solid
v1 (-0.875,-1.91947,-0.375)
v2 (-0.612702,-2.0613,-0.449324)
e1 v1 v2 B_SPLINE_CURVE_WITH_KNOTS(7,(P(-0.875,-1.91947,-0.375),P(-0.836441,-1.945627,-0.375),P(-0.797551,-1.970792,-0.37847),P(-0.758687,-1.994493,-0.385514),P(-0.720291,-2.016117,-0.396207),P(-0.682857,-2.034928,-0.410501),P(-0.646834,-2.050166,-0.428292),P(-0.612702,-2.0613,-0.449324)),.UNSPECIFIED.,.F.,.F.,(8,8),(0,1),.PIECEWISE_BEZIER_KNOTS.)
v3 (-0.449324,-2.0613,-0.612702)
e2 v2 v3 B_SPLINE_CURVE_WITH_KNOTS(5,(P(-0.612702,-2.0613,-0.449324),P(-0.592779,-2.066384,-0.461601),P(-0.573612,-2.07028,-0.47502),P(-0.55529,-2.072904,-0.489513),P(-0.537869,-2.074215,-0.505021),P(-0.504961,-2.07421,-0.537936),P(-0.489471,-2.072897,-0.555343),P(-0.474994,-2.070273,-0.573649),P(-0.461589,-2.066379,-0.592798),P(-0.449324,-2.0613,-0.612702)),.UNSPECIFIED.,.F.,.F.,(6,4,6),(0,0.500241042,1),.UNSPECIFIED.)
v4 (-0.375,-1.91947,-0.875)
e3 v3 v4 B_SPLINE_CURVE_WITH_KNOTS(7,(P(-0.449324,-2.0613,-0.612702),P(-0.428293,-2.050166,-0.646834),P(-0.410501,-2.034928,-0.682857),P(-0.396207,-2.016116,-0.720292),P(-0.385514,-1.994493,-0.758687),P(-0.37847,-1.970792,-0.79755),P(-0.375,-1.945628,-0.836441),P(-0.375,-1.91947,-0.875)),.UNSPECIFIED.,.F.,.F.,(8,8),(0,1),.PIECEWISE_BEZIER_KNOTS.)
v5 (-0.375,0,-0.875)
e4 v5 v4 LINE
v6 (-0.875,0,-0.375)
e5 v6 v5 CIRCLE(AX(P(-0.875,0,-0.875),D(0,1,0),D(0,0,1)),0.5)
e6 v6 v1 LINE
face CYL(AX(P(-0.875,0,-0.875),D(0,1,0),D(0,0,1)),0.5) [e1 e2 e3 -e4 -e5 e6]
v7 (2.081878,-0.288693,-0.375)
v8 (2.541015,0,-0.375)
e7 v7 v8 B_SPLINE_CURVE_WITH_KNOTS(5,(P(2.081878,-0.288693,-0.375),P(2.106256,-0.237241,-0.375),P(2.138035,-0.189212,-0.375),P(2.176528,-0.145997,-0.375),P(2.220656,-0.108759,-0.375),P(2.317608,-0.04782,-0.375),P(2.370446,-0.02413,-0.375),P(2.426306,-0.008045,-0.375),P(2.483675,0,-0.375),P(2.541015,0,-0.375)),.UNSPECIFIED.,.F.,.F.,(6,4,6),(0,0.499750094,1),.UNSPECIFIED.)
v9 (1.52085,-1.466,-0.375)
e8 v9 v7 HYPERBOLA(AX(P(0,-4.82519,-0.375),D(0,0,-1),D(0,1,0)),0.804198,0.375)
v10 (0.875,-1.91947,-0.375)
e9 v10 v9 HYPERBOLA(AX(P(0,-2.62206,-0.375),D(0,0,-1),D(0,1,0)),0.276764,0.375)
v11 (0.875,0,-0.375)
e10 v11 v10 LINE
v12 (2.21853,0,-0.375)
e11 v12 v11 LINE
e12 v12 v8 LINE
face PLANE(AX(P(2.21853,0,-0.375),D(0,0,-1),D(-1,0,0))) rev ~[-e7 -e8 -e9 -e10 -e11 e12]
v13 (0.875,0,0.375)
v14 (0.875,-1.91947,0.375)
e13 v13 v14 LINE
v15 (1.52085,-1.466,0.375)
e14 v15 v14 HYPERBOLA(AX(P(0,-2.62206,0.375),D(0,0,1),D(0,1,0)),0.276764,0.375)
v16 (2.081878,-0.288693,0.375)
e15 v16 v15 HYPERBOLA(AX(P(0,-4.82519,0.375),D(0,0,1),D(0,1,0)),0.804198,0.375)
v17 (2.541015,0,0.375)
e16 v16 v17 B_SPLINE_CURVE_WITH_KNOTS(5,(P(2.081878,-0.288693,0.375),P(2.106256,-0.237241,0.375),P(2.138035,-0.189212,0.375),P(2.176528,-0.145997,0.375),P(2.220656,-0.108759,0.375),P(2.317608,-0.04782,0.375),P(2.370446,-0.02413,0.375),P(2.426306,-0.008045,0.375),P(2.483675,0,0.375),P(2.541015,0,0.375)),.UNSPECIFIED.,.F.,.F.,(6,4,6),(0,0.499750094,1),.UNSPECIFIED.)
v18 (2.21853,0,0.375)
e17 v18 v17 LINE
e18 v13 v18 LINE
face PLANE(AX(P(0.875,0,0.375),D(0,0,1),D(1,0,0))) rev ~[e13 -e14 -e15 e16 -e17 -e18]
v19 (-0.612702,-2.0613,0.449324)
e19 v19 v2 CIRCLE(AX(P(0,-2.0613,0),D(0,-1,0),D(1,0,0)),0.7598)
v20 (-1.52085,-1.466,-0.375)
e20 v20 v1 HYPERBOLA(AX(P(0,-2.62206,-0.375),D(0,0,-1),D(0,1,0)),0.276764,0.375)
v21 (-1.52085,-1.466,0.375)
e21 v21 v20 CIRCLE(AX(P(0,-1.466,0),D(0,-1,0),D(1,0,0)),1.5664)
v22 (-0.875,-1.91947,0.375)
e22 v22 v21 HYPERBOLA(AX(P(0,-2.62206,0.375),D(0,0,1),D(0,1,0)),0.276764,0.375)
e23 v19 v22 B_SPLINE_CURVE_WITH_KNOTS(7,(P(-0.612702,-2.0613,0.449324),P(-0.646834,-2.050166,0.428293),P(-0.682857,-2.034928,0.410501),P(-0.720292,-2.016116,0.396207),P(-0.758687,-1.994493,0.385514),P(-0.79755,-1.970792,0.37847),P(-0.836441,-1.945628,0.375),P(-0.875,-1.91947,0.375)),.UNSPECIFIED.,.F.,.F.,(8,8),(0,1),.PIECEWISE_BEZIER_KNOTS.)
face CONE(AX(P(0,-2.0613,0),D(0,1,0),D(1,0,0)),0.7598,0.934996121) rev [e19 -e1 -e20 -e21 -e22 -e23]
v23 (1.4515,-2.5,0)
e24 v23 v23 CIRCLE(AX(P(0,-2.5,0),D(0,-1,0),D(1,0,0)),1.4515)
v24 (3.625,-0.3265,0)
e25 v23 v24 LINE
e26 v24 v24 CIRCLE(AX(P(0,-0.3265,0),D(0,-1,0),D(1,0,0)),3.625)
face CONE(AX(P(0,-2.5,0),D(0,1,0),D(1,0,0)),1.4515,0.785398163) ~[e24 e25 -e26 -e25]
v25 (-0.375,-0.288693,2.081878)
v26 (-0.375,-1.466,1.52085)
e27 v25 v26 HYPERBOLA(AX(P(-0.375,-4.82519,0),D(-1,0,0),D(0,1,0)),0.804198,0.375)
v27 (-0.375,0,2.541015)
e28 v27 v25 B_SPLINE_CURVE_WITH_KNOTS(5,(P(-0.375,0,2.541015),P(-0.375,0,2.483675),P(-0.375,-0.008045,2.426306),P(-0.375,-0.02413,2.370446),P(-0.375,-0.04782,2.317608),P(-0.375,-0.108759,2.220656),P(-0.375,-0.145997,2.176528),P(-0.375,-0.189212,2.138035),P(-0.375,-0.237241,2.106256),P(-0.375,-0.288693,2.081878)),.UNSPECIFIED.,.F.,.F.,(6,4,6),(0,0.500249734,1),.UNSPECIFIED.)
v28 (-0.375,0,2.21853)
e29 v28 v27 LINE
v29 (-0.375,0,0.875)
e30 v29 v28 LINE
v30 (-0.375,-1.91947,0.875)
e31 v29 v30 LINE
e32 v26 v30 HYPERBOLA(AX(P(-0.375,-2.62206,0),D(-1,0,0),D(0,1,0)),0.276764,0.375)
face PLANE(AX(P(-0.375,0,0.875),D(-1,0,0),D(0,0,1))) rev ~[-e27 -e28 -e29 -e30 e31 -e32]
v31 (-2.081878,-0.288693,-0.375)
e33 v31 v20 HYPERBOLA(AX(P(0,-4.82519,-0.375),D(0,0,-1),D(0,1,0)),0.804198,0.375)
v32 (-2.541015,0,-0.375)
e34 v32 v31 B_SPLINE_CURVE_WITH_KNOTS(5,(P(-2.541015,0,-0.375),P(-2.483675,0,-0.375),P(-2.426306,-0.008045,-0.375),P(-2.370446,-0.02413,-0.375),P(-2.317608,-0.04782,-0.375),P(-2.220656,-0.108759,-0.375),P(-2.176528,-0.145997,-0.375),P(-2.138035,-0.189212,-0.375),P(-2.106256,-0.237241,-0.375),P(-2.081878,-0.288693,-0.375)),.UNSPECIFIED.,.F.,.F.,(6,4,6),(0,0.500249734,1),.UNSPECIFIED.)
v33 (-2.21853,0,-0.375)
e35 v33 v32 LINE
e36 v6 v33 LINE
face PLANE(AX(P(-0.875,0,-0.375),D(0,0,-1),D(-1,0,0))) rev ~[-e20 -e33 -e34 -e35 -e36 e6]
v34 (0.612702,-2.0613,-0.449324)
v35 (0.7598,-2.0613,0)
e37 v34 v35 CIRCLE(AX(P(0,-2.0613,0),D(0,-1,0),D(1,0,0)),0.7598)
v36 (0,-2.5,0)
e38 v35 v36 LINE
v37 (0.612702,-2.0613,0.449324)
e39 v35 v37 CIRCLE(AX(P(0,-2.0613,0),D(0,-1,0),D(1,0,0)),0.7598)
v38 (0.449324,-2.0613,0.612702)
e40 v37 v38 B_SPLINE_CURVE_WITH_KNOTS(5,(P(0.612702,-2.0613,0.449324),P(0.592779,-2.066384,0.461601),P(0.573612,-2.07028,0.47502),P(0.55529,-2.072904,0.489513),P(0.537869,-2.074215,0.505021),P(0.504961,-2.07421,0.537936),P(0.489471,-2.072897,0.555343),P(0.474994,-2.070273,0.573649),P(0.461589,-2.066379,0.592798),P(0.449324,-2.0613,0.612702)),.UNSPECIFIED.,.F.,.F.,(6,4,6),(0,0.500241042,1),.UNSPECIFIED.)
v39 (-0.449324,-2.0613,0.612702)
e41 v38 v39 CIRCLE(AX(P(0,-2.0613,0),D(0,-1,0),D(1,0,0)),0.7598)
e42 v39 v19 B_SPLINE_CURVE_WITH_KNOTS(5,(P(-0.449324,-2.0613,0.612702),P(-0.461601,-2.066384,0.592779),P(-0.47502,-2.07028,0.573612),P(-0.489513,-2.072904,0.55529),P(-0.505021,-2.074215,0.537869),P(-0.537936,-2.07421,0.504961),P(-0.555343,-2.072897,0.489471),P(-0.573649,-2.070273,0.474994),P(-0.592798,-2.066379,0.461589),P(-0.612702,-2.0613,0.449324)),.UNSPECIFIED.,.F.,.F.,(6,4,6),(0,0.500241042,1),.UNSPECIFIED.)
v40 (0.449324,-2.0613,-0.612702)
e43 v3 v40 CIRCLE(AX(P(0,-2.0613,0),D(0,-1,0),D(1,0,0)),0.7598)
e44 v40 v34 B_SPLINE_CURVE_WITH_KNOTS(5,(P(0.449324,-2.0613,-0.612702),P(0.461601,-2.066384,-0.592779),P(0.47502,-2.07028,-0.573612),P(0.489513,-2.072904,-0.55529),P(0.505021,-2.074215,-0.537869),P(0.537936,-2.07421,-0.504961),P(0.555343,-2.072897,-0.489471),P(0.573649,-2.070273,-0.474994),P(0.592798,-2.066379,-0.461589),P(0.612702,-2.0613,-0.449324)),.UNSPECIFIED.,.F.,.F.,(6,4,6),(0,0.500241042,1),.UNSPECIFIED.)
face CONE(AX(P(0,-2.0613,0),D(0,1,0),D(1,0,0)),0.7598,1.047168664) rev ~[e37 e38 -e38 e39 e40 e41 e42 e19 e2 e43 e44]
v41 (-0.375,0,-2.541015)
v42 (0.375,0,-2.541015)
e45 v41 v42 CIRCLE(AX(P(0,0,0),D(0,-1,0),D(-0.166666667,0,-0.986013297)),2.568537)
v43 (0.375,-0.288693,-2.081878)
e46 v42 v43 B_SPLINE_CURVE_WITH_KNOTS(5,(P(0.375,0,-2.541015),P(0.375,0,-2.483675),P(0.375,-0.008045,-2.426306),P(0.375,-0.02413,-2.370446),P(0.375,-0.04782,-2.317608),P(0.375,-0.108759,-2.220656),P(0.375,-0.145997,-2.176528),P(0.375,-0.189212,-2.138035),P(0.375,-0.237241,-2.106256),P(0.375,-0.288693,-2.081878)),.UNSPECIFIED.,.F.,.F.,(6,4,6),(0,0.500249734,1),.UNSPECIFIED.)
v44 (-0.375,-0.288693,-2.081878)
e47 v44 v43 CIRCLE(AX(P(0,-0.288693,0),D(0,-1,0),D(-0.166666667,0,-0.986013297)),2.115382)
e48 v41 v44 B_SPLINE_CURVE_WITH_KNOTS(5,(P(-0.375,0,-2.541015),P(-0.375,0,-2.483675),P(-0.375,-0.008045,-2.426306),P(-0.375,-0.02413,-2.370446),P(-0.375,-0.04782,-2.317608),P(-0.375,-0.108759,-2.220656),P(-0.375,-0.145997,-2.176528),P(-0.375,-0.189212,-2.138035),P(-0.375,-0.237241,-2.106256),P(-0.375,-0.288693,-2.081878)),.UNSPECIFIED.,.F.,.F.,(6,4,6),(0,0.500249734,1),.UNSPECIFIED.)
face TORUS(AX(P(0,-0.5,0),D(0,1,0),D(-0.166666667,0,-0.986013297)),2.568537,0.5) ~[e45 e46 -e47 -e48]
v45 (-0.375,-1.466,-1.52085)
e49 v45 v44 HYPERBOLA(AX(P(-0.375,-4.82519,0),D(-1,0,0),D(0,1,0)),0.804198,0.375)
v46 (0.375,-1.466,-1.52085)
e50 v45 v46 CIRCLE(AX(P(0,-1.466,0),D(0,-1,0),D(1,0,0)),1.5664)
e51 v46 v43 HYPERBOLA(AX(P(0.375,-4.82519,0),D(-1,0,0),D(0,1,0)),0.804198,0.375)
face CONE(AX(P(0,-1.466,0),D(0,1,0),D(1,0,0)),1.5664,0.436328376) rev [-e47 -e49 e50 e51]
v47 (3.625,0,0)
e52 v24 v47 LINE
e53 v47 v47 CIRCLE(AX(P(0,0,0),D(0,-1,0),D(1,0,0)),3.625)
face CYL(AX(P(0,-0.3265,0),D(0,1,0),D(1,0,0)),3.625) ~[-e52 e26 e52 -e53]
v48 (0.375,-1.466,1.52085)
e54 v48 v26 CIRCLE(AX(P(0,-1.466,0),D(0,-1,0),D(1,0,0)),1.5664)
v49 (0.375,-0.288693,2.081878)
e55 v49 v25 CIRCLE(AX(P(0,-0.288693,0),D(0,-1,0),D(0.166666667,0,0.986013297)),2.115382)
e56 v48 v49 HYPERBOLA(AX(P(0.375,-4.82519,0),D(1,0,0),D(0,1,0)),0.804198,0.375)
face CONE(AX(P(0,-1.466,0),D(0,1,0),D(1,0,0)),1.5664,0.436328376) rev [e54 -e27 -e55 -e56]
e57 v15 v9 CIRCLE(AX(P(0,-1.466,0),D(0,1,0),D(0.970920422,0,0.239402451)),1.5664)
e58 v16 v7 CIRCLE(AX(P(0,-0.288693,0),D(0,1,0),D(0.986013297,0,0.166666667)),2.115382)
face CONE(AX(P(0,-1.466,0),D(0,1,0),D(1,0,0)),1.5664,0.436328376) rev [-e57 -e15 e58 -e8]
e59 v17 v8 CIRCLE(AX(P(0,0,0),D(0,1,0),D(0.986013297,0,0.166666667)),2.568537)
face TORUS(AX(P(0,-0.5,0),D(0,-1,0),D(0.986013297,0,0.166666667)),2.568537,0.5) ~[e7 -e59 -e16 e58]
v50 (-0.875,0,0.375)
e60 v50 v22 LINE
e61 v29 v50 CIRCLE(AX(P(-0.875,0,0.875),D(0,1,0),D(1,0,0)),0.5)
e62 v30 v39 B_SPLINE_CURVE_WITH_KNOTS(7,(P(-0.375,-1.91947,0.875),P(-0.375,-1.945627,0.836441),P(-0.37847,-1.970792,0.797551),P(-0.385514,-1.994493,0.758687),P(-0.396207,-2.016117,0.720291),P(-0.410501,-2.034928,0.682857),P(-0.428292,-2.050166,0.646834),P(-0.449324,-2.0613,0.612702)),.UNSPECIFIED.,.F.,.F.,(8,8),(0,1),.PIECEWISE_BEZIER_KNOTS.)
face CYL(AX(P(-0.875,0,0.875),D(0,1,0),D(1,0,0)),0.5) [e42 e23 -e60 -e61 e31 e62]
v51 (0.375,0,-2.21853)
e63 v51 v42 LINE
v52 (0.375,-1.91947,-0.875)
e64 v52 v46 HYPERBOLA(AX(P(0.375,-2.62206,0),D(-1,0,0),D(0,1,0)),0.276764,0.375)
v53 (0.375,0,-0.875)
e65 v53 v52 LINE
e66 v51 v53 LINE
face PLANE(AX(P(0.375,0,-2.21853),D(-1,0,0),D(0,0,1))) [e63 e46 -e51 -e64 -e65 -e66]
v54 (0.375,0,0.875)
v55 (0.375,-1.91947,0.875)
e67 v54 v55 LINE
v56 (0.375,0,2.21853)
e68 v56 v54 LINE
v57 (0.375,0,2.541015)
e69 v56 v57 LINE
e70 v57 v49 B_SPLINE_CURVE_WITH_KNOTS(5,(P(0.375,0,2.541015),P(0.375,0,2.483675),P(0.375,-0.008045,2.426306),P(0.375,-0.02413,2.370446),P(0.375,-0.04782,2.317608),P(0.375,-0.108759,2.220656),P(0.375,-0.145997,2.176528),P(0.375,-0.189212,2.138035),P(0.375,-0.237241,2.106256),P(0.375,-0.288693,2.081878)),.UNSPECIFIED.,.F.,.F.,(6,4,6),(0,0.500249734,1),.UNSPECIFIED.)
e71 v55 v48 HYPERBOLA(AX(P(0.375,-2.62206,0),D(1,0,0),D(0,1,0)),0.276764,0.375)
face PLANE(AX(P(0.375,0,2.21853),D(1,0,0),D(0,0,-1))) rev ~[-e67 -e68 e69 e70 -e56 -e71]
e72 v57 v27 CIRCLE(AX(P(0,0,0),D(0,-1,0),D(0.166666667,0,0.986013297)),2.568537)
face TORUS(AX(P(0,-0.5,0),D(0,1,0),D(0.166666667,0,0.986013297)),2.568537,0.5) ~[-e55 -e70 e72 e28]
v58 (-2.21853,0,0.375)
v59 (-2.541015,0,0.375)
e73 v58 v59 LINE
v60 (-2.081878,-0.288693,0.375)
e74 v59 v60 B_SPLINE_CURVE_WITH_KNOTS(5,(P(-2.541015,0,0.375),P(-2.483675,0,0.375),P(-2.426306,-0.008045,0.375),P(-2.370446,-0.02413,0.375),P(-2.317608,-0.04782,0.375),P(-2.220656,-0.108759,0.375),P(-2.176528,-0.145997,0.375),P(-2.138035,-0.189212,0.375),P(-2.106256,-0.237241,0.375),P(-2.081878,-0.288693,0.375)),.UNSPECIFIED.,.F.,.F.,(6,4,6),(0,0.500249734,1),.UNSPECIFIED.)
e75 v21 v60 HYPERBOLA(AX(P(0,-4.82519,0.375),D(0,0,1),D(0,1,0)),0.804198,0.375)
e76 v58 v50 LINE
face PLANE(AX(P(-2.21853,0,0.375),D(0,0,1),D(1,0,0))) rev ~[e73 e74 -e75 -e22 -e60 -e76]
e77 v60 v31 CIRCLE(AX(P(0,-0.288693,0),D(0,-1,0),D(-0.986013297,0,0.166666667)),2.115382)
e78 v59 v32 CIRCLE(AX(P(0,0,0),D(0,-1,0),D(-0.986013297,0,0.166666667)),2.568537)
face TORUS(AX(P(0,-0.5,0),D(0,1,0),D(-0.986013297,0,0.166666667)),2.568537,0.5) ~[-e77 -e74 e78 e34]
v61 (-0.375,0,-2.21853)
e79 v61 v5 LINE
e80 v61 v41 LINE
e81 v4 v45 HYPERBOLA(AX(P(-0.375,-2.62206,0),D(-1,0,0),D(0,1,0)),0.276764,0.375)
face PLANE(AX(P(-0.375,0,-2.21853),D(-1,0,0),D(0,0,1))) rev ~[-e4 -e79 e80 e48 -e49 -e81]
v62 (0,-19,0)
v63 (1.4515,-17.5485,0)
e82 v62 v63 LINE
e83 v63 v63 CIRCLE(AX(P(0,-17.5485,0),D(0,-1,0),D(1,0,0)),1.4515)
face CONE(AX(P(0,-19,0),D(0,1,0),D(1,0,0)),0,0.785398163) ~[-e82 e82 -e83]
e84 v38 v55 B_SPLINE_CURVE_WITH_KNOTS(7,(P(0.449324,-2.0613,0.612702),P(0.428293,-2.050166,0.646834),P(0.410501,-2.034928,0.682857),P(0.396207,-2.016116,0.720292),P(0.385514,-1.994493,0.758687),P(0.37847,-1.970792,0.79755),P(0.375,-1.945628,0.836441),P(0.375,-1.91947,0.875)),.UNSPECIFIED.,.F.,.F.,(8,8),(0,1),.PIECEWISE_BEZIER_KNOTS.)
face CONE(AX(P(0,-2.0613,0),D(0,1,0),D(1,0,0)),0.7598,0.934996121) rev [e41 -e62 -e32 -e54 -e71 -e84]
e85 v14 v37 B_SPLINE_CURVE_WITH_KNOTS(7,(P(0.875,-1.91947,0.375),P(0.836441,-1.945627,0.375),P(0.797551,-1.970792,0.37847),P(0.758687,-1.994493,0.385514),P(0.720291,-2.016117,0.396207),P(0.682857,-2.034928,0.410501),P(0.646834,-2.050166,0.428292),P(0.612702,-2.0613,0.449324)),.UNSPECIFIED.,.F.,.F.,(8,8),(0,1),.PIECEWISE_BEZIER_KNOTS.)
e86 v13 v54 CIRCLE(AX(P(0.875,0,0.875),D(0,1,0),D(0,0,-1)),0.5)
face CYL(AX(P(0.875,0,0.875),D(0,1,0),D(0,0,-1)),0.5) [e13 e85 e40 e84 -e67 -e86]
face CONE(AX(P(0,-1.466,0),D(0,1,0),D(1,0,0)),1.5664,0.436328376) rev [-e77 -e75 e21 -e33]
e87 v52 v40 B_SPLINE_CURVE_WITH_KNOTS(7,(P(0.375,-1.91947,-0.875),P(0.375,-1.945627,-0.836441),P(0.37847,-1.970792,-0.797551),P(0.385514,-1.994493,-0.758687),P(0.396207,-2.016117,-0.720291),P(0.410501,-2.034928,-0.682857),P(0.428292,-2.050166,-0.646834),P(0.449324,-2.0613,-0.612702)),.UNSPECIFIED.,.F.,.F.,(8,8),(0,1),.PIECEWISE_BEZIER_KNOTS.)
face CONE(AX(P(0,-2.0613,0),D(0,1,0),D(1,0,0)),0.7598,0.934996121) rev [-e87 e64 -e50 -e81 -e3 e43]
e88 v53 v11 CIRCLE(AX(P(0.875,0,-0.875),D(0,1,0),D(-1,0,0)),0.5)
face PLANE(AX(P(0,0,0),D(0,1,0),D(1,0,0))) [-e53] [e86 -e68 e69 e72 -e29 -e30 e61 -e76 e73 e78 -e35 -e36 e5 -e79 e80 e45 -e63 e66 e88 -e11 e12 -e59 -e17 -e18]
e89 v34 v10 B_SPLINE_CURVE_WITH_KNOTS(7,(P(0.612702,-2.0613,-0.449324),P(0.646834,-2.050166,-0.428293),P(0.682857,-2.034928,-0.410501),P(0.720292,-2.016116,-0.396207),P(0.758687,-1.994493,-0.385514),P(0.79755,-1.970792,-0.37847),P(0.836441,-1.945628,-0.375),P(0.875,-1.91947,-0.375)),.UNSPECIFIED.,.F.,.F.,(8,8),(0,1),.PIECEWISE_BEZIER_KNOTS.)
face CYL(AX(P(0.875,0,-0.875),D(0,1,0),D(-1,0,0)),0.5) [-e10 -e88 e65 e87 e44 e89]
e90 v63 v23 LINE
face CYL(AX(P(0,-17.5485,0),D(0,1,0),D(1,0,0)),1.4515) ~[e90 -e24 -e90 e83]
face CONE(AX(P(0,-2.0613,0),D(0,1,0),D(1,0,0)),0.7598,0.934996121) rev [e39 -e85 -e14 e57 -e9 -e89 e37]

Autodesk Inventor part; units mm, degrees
ref_plane "YZ Plane" through (0, 0, 0) normal (1, 0, 0) x (0, 1, 0)
ref_plane "XZ Plane" through (0, 0, 0) normal (0, 1, 0) x (-1, 0, 0)
ref_plane "XY Plane" through (0, 0, 0) normal (0, 0, 1) x (1, 0, 0)
sketch "Sketch1" plane through (0, 0, 0) normal (0, 0, 1) x (1, 0, 0)
  line L0 (0, -2.5) -> (0, -19)
  line L1 (0, -19) -> (1.4515, -17.5485)
  line L2 (1.4515, -17.5485) -> (1.4515, -2.5)
  line L3 (1.4515, -2.5) -> (3.625, -0.3265)
  line L4 (3.625, -0.3265) -> (3.625, 0)
  line L5 (3.625, 0) -> (2.25, 0)
  line L6 (0.7598, -2.0613) -> (0, -2.5)
  line L7 (0.7598, -2.0613) -> (1.5664, -1.466)
  line L8 (1.5664, -1.466) -> (2.25, 0)
  point P0 (0, 0)
  dimension "d0" = 3.625
  dimension "d1" = 2.25
  dimension "d2" = 19
  dimension "d3" = 60
  dimension "d4" = 45
  dimension "d5" = 2.5
  dimension "d6" = 2.5
  dimension "d7" = 25
revolve "Revolution1" add sketch "Sketch1" angle 360 about axis through (0, -2.5, 0) along (0, -1, 0)
sketch "Sketch2" plane through (0, 0, 0) normal (0, 1, 0) x (1, 0, 0)
  circle A0 centre (0, 0) radius 2.25 projected
  line L0 (0, 2.25) -> (0.375, 2.25)
  line L1 (0.375, 2.25) -> (-0.375, 2.25)
  line L2 (-0.375, 2.25) -> (-0.375, 0.875)
  line L3 (-0.875, 0.375) -> (-2.25, 0.375)
  line L4 (-2.25, 0.375) -> (-2.25, -0.375)
  line L5 (-2.25, -0.375) -> (-0.875, -0.375)
  line L6 (-0.375, -0.875) -> (-0.375, -2.25)
  line L7 (-0.375, -2.25) -> (0.375, -2.25)
  line L8 (0.375, -2.25) -> (0.375, -0.875)
  line L9 (0.875, -0.375) -> (2.25, -0.375)
  line L10 (2.25, -0.375) -> (2.25, 0.375)
  line L11 (2.25, 0.375) -> (0.875, 0.375)
  line L12 (0.375, 2.25) -> (0.375, 0.875)
  arc A1 (0.375, 0.875) -> (0.875, 0.375) centre (0.875, 0.875) ccw
  arc A2 (0.875, -0.375) -> (0.375, -0.875) centre (0.875, -0.875) ccw
  arc A3 (-0.375, -0.875) -> (-0.875, -0.375) centre (-0.875, -0.875) ccw
  arc A4 (-0.875, 0.375) -> (-0.375, 0.875) centre (-0.875, 0.875) ccw
  point P0 (0, 0)
  point P1 (-0.375, 0.375)
  point P2 (-0.375, -0.375)
  point P3 (0.375, -0.375)
  point P4 (0.375, 0.375)
  point P5 (-2.2185, -0.375)
  point P6 (-0.375, -2.2185)
  point P7 (0.375, -2.2185)
  point P8 (2.2185, -0.375)
  point P9 (2.2185, 0.375)
  point P10 (0.375, 2.2185)
  point P11 (-0.375, 2.2185)
  point P12 (-2.2185, 0.375)
  dimension "d9" = 0.375
  dimension "d10" = 0.75
  dimension "d11" = 1.875
  dimension "d12" = 1.875
  dimension "d13" = 0.75
  dimension "d14" = 1.875
  dimension "d15" = 1.875
  dimension "d16" = 0.5
extrude "Extrusion1" add sketch "Sketch2" against normal up to next contours L11 A1 L12 A0 | A0 L8 A2 L9 | L2 A4 L3 A0 | A0 L5 A3 L6
fillet "Fillet1" radius 0.5 4 edges at (-2.25, 0, 0) (0, 0, 2.25) (2.25, 0, 0) (0, 0, -2.25)
properties part number "screw EE" material "Iron, Malleable"
